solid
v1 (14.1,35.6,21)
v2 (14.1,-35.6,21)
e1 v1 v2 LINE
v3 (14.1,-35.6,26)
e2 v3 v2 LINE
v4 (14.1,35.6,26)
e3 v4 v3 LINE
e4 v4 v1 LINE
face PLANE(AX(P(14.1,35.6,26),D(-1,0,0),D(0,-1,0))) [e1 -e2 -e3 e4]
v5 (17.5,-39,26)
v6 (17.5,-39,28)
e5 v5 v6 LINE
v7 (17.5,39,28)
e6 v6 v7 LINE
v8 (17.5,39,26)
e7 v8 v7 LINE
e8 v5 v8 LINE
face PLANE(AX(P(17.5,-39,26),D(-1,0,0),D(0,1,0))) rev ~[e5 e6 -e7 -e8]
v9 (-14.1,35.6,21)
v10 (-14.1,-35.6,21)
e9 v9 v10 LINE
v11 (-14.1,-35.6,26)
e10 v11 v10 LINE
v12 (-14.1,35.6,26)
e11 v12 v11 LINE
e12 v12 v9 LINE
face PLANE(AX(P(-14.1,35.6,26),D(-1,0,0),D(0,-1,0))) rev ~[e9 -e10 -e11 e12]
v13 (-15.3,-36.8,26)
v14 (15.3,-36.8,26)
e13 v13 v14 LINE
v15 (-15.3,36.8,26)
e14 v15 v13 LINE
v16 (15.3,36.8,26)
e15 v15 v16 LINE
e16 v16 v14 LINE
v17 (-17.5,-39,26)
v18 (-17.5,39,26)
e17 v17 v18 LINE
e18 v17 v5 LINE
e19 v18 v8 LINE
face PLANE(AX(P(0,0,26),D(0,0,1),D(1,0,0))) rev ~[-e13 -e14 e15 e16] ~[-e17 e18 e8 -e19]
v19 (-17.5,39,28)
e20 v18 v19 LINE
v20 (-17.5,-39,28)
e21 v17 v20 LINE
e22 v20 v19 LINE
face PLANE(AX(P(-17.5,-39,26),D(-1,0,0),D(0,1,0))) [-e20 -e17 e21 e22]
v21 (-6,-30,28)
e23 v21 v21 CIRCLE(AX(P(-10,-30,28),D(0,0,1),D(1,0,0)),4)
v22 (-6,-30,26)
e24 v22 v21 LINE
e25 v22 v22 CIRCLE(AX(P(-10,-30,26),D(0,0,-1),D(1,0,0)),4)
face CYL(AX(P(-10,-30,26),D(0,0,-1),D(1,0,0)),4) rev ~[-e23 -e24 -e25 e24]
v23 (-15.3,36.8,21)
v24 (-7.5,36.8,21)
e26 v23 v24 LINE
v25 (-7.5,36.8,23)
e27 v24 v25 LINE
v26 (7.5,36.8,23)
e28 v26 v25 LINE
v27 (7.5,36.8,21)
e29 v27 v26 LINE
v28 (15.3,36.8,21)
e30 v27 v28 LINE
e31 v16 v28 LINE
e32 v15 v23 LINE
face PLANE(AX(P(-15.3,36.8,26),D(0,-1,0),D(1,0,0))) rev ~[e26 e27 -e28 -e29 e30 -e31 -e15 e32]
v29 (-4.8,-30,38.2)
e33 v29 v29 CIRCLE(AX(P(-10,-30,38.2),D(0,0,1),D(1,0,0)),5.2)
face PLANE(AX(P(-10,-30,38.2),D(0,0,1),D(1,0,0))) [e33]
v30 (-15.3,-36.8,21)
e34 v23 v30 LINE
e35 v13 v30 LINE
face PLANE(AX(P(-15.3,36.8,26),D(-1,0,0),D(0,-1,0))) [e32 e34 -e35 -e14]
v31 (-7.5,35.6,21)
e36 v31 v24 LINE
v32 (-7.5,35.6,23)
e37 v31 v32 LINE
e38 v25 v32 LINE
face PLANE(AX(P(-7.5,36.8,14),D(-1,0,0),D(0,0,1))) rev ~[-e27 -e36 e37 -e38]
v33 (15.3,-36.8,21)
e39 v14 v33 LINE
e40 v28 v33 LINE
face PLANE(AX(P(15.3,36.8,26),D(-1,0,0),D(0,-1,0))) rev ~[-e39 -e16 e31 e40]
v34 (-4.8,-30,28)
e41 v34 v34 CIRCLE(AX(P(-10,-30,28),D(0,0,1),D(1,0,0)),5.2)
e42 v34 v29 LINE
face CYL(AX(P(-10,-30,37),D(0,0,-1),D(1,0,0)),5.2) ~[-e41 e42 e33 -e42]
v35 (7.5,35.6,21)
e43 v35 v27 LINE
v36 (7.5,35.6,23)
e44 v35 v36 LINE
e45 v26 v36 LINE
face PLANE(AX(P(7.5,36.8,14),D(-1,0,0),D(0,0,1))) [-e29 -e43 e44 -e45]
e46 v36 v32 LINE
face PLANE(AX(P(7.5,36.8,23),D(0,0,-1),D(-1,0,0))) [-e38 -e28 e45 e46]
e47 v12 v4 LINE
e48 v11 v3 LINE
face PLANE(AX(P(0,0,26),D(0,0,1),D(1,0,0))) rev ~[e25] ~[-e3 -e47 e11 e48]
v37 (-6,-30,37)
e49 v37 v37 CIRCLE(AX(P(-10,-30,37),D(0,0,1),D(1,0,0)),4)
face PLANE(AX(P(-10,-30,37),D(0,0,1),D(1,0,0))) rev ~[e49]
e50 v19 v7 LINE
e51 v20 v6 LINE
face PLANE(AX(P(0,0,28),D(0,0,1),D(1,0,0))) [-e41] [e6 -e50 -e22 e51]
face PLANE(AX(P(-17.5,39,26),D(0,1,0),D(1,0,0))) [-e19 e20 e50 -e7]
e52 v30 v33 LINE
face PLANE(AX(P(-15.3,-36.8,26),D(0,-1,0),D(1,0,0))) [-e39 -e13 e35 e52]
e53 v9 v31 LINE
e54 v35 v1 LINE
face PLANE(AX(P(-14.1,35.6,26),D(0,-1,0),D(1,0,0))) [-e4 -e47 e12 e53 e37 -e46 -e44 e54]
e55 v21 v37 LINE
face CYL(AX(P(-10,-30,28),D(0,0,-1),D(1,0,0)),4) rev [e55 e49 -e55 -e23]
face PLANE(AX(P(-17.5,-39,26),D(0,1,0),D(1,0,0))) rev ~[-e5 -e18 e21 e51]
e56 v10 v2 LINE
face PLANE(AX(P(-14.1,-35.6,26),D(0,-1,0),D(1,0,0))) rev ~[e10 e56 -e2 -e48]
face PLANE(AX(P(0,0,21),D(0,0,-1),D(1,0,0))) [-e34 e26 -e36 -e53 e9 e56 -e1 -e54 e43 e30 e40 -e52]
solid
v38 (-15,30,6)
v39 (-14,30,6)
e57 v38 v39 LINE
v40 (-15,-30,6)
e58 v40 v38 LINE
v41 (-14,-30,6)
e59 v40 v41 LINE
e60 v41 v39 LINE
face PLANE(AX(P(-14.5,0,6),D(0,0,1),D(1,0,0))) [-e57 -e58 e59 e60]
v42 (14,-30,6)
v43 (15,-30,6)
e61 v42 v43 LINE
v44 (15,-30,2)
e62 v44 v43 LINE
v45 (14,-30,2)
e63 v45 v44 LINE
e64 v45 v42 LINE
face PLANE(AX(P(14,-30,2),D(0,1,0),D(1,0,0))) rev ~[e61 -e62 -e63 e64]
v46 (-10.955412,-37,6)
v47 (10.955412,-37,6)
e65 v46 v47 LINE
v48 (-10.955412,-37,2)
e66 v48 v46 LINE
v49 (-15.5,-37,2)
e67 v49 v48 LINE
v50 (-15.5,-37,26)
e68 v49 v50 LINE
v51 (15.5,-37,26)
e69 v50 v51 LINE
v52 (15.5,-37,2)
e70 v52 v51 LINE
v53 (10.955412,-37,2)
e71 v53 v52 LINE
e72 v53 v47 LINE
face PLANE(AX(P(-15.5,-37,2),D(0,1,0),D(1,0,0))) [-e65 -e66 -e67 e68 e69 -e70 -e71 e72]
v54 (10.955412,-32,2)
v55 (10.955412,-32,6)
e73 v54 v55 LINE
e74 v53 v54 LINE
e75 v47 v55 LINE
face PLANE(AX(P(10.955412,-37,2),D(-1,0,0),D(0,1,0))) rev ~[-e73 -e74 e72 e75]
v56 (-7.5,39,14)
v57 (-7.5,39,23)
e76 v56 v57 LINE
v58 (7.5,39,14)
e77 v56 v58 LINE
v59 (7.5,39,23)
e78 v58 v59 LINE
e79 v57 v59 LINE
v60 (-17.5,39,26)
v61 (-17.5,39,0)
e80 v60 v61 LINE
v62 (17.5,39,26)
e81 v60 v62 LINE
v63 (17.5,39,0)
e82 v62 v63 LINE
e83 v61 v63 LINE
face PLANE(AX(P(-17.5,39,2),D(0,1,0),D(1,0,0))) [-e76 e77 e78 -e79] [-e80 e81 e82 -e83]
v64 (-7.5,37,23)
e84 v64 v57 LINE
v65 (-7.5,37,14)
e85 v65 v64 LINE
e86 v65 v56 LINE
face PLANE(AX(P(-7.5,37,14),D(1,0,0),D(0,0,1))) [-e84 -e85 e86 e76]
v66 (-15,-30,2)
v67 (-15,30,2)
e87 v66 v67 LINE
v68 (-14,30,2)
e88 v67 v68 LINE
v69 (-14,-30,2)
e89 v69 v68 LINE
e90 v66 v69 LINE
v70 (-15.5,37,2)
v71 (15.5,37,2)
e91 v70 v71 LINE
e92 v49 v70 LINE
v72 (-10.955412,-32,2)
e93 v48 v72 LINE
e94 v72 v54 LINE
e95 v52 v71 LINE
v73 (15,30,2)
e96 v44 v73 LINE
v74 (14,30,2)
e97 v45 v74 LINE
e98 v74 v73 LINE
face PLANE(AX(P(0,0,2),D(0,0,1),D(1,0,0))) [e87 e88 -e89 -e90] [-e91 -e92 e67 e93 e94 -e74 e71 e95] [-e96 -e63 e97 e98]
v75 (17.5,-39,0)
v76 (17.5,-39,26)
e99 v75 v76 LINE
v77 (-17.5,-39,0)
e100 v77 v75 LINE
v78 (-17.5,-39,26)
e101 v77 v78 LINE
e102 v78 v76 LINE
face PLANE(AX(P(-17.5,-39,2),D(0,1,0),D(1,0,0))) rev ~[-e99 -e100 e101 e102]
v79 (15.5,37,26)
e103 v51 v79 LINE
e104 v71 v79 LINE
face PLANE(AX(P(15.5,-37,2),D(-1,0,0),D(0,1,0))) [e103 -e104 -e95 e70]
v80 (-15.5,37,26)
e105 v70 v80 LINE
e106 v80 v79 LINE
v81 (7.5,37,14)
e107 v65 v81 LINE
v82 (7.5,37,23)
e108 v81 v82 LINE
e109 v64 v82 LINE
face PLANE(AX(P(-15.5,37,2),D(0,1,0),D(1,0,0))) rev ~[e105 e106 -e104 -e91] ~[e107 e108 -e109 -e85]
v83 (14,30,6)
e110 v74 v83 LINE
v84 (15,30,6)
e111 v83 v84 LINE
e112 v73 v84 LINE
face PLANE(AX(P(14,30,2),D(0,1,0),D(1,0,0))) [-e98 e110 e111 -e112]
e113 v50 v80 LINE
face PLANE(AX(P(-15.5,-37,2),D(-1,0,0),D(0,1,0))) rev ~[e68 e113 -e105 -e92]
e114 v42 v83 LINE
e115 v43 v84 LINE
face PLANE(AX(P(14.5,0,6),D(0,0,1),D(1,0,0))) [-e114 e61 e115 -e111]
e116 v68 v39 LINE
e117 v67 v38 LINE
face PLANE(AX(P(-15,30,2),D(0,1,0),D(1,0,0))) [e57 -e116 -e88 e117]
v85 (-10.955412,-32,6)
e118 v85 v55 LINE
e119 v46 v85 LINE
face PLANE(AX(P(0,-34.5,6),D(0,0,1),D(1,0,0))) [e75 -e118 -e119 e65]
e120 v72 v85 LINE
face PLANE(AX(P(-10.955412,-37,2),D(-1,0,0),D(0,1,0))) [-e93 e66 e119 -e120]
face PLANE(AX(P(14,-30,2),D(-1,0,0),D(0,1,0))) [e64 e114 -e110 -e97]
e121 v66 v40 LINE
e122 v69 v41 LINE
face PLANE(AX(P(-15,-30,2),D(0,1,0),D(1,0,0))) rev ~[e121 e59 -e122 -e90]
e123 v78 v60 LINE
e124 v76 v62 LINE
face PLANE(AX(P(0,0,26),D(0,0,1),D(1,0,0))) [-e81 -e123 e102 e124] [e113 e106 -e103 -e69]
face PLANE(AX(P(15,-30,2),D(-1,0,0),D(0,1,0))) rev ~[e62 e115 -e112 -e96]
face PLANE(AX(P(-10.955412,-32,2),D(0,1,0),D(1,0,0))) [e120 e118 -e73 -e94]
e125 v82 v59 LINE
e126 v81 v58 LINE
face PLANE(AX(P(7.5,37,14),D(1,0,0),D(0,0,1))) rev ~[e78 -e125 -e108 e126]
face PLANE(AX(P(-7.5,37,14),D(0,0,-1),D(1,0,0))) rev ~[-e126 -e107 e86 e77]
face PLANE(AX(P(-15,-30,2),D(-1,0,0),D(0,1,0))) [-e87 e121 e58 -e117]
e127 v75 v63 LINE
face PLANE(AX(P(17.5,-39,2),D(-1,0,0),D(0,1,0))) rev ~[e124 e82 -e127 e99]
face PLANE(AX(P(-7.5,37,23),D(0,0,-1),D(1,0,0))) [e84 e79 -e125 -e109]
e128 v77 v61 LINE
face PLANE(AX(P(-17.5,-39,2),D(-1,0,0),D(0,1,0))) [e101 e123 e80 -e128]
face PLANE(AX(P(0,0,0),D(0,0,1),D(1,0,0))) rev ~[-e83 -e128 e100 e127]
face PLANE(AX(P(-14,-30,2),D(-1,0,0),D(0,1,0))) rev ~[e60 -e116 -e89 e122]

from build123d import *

# Parameters (mm, degrees)
F0_W      = 35
F0_H      = 78
F1_DEPTH  = 2
F2_W      = 35
F2_H      = 78
F2_W_2    = 31
F2_H_2    = 74
F3_DEPTH  = 24
F4_W      = 1
F4_H      = 60
F4_W_2    = 21.910824
F4_H_2    = 5
F5_DEPTH  = 4
F6_W      = 15
F6_H      = 9
F7_DEPTH  = 2
F8_W      = 35
F8_H      = 78
F9_DEPTH  = 2
F10_W     = 30.6
F10_H     = 73.6
F10_W_2   = 28.2
F10_H_2   = 71.2
F11_DEPTH = 5
F12_R     = 5.2
F12_R_2   = 4
F13_DEPTH = 9
F14_R     = 5.2
F15_DEPTH = 1.2
F16_R     = 4
F17_DEPTH = 2
F18_W     = 15
F18_H     = 9
F19_DEPTH = 1.2


with BuildPart() as f1:
    # F0 (on Top) → F1 (new body)
    with BuildSketch(Plane.XY):
        Rectangle(F0_W, F0_H)
    extrude(amount=F1_DEPTH)

    # F2 (on face) → F3 (join)
    with BuildSketch(Plane.XY.offset(2)):
        Rectangle(F2_W, F2_H)
        Rectangle(F2_W_2, F2_H_2, mode=Mode.SUBTRACT)
    extrude(amount=F3_DEPTH)

    # F4 (on face) → F5 (join)
    with BuildSketch(Plane.XY.offset(2)):
        with Locations((-14.5, 0)):
            Rectangle(F4_W, F4_H)
        with Locations((14.5, 0)):
            Rectangle(F4_W, F4_H)
        with Locations((0, -34.5)):
            Rectangle(F4_W_2, F4_H_2)
    extrude(amount=F5_DEPTH)

    # F6 (on face) → F7 (cut, through all)
    with BuildSketch(Plane.XZ.offset(-37)):
        with Locations((0, 18.5)):
            Rectangle(F6_W, F6_H)
    extrude(amount=-F7_DEPTH, mode=Mode.SUBTRACT)


with BuildPart() as f9:
    # F8 (on face) → F9 (new body)
    with BuildSketch(Plane.XY.offset(26)):
        Rectangle(F8_W, F8_H)
    extrude(amount=F9_DEPTH)

    # F10 (on face) → F11 (join)
    with BuildSketch(Plane(origin=(0, 0, 26), x_dir=(1, 0, 0), z_dir=(0, 0, -1))):
        Rectangle(F10_W, F10_H)
        Rectangle(F10_W_2, F10_H_2, mode=Mode.SUBTRACT)
    extrude(amount=F11_DEPTH)

    # F12 (on face) → F13 (join)
    with BuildSketch(Plane.XY.offset(28)):
        with Locations((-10, -30)):
            Circle(F12_R)
        with Locations((-10, -30)):
            Circle(F12_R_2, mode=Mode.SUBTRACT)
    extrude(amount=F13_DEPTH)

    # F14 (on face) → F15 (join)
    with BuildSketch(Plane.XY.offset(37)):
        with Locations((-10, -30)):
            Circle(F14_R)
    extrude(amount=F15_DEPTH)

    # F16 (on face) → F17 (cut, through all)
    with BuildSketch(Plane(origin=(0, 0, 26), x_dir=(1, 0, 0), z_dir=(0, 0, -1))):
        with Locations((-10, 30)):
            Circle(F16_R)
    extrude(amount=-F17_DEPTH, mode=Mode.SUBTRACT)

    # F18 (on face) → F19 (cut, through all)
    with BuildSketch(Plane(origin=(0, 36.8, 0), x_dir=(-1, 0, 0), z_dir=(0, 1, 0))):
        with Locations((0, 18.5)):
            Rectangle(F18_W, F18_H)
    extrude(amount=-F19_DEPTH, mode=Mode.SUBTRACT)


solid = Compound([f1.part, f9.part])
